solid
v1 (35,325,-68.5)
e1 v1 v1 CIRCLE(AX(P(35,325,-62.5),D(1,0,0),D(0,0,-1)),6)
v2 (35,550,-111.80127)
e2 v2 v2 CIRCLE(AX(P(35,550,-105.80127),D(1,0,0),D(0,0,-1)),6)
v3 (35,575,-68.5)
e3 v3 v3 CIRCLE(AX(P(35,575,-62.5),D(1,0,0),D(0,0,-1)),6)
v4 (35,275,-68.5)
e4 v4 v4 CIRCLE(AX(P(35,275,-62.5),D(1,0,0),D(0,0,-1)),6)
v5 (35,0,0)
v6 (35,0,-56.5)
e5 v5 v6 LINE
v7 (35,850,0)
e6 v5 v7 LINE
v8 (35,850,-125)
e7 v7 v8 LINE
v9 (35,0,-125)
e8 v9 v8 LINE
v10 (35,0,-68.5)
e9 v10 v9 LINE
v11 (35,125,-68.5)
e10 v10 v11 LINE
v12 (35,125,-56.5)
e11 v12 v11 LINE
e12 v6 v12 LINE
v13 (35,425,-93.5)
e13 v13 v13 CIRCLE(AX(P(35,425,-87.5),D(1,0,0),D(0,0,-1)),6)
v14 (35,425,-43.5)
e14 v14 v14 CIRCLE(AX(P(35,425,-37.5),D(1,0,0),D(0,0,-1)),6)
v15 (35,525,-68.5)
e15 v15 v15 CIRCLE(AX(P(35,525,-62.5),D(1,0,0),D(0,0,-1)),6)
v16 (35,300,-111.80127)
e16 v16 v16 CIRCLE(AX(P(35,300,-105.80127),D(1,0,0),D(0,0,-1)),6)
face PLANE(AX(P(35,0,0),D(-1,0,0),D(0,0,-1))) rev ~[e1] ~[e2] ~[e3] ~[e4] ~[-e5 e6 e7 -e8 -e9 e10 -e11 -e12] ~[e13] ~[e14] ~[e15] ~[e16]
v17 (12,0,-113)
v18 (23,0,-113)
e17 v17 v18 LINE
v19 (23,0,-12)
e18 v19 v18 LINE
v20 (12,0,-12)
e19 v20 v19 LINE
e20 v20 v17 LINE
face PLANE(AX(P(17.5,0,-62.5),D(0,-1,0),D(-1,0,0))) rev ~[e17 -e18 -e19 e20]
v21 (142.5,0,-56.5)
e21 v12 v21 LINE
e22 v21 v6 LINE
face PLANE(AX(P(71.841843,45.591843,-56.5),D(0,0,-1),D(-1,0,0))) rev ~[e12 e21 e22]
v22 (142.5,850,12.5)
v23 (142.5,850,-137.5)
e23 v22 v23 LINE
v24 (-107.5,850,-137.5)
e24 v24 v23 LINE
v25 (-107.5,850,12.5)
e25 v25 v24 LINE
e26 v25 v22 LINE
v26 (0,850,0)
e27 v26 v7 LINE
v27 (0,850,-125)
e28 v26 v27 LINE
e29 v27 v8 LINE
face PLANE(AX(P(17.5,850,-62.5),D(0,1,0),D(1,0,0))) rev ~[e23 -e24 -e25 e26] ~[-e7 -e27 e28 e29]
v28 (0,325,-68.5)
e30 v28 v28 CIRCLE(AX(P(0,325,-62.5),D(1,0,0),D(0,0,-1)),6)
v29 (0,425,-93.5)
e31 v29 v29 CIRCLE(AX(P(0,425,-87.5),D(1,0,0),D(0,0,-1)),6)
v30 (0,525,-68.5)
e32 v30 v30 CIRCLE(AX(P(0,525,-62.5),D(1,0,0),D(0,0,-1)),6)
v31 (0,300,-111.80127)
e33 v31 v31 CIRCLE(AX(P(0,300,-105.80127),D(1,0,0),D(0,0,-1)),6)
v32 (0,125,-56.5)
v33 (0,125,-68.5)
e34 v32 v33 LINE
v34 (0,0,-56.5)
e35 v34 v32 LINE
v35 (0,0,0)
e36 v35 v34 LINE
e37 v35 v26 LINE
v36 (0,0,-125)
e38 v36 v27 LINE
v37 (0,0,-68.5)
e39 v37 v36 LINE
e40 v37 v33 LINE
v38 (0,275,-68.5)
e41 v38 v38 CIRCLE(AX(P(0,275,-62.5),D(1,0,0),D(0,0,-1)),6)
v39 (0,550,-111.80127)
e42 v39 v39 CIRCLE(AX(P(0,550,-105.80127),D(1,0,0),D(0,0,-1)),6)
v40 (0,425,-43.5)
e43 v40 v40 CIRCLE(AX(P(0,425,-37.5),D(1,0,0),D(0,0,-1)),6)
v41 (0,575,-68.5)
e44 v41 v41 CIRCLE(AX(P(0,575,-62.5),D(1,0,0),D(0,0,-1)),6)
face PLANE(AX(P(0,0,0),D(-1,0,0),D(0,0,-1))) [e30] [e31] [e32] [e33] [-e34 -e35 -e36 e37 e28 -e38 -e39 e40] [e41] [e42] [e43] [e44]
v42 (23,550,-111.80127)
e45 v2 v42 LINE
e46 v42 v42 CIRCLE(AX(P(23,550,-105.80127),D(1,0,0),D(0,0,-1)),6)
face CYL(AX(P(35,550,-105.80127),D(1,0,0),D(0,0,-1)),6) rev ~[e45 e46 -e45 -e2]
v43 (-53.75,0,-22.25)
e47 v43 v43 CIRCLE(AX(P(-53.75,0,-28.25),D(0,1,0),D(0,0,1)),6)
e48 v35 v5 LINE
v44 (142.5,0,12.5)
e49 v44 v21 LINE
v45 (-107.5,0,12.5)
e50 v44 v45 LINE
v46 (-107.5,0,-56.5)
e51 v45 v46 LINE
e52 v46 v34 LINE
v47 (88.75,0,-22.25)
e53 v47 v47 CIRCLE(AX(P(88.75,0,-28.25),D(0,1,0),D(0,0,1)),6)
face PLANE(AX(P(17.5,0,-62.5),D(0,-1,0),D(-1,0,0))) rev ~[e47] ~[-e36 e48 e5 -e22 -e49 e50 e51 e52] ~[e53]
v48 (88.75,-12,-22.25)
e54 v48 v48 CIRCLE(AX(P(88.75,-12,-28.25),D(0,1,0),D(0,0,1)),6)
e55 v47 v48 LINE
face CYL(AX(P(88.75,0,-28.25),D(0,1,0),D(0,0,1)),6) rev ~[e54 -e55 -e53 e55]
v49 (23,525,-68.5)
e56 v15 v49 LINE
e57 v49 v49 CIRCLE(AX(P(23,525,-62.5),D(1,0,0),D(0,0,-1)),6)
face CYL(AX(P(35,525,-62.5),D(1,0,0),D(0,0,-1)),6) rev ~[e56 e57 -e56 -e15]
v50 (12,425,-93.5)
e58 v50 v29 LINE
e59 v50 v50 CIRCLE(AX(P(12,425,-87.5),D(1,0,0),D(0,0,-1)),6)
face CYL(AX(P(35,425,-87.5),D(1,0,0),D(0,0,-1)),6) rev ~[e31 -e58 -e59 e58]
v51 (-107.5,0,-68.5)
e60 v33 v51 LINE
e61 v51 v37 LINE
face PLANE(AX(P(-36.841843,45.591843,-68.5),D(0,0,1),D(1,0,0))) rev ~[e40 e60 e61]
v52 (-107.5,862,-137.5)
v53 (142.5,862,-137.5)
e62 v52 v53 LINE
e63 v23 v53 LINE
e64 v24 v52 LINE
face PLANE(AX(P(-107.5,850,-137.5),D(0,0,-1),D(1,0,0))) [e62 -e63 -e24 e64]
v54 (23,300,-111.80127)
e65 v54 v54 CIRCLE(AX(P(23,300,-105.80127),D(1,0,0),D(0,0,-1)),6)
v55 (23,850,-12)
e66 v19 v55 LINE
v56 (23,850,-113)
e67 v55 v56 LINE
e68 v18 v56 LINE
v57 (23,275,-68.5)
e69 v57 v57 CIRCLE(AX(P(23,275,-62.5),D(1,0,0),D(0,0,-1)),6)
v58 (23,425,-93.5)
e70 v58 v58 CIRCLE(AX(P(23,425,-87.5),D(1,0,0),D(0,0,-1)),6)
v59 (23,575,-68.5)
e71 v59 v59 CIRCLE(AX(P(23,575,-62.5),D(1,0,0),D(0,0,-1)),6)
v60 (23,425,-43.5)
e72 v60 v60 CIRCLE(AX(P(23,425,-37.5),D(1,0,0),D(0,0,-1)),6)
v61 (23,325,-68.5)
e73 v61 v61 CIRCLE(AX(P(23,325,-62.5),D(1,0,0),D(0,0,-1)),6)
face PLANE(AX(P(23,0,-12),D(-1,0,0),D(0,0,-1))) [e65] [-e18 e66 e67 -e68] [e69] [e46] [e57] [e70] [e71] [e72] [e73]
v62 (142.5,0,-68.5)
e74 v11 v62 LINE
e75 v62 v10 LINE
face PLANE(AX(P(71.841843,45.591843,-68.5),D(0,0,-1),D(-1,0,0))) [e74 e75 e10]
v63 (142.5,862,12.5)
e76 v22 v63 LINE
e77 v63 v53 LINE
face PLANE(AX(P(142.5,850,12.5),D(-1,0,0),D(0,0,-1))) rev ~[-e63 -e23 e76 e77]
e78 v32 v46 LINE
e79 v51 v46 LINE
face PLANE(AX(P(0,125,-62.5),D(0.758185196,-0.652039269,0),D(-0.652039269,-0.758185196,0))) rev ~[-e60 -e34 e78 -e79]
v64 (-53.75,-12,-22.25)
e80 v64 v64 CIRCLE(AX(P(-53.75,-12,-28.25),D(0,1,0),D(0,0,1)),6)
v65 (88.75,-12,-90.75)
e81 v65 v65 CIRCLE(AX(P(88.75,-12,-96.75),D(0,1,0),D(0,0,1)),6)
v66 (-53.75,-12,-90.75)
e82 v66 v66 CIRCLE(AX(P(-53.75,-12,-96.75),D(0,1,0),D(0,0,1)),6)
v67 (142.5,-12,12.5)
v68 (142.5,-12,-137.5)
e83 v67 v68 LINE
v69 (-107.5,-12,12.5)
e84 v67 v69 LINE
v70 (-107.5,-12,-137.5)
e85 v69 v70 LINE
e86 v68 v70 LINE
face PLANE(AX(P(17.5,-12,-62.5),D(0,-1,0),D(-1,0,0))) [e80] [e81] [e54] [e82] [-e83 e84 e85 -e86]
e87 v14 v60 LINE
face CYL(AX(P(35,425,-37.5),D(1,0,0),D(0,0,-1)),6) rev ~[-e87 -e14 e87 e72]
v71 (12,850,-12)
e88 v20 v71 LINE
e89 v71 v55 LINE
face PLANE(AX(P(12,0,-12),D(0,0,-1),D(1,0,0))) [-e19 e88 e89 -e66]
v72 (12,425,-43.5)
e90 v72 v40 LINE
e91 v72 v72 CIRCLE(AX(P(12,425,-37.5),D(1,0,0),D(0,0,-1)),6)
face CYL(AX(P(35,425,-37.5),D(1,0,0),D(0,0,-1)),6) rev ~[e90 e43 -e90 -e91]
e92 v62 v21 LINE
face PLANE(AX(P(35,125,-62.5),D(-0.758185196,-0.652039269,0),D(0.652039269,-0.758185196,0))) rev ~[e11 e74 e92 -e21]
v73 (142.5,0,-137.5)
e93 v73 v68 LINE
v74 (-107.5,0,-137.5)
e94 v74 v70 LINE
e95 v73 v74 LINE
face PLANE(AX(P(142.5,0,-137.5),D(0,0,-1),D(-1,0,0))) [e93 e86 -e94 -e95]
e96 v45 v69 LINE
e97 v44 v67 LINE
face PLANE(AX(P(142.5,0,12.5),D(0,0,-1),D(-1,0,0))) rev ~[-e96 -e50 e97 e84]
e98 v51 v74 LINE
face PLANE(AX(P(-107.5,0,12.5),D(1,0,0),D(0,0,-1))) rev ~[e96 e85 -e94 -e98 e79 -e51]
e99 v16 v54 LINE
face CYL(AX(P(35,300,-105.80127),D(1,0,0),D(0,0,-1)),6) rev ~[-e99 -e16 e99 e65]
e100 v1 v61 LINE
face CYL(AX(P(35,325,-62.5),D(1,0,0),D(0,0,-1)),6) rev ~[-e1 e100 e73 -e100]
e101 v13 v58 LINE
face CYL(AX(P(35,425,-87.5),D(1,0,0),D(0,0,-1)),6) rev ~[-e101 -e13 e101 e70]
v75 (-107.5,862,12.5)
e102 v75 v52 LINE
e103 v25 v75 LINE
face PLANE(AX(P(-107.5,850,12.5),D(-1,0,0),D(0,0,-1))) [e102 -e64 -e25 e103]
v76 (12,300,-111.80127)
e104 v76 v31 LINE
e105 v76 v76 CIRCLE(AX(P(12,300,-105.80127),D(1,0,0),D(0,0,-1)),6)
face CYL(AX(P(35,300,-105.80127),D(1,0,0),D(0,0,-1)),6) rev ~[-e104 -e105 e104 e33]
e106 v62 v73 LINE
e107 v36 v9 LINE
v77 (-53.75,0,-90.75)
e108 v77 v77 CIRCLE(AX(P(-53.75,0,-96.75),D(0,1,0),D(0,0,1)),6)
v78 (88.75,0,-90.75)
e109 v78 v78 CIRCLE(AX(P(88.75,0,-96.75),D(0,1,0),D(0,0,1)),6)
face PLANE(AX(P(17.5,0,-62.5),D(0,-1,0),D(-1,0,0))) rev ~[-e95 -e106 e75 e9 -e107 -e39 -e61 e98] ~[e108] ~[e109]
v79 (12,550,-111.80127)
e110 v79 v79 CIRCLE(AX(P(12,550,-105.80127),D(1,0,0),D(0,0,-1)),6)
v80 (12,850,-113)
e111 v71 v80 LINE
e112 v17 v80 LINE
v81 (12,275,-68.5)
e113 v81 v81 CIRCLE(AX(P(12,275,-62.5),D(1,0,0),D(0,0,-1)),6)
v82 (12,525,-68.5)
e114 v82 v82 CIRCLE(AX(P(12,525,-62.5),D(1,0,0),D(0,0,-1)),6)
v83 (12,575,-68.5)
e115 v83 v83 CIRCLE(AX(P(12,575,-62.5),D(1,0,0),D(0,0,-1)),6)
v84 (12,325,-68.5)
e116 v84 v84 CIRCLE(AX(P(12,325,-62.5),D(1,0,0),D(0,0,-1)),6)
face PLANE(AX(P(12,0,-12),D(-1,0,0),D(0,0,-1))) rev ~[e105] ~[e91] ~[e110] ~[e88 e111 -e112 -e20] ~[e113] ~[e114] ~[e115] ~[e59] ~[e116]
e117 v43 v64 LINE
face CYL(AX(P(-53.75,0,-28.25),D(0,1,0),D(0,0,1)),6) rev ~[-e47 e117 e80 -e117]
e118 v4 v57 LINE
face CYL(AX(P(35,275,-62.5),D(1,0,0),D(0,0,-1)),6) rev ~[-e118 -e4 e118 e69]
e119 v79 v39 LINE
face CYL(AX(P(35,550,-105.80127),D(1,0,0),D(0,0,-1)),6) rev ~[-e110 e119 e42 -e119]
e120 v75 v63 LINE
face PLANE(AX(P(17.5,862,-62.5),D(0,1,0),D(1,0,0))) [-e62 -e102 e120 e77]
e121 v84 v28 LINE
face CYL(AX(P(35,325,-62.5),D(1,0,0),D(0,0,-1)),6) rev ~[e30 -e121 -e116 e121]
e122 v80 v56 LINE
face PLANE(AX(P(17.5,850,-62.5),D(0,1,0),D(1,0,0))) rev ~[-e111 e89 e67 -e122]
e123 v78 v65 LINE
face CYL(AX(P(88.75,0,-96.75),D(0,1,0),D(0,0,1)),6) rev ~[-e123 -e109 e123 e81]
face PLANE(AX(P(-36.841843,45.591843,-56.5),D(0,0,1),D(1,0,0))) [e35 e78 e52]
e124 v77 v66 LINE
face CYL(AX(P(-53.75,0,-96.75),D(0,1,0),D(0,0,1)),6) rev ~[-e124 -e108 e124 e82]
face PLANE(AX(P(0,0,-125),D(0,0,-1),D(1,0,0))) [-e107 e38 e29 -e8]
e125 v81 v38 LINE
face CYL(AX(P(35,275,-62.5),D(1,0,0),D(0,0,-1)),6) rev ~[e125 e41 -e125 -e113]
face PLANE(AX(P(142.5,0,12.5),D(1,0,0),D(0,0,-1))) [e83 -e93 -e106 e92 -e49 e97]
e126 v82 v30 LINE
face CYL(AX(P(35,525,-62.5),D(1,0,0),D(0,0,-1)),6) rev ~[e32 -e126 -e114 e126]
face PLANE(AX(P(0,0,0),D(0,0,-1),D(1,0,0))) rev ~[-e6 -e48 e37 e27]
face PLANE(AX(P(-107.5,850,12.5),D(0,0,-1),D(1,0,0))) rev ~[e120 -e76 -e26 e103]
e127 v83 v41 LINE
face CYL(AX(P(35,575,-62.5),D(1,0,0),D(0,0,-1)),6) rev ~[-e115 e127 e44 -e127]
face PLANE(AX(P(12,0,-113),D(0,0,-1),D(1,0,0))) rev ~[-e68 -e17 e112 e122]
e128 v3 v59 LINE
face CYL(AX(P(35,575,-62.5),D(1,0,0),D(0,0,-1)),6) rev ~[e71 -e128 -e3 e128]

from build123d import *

# Parameters (mm, degrees)
SKETCH2_W           = 35
SKETCH2_H           = 125
SKETCH2_W_2         = 11
SKETCH2_H_2         = 101
BOSS_EXTRUDE1_DEPTH = 850
SKETCH3_R           = 6
CUT_EXTRUDE1_DEPTH  = 860.854638878
SKETCH4_W           = 250
SKETCH4_H           = 150
BOSS_EXTRUDE2_DEPTH = 12
SKETCH5_W           = 250
SKETCH5_H           = 150
BOSS_EXTRUDE3_DEPTH = 12
BOSS_EXTRUDE4_START = -62.5
BOSS_EXTRUDE4_DEPTH = 6
SKETCH8_R           = 6
CUT_EXTRUDE2_DEPTH  = 12


with BuildPart() as part:
    # Sketch2 → Boss-Extrude1 (new body)
    with BuildSketch(Plane(origin=(0, 0, 0), x_dir=(1, 0, 0), z_dir=(0, 1, 0))):
        with Locations((17.5, 62.5)):
            Rectangle(SKETCH2_W, SKETCH2_H)
        with Locations((17.5, 62.5)):
            Rectangle(SKETCH2_W_2, SKETCH2_H_2, mode=Mode.SUBTRACT)
    extrude(amount=BOSS_EXTRUDE1_DEPTH)

    # Sketch3 → Cut-Extrude1 (cut, through all)
    with BuildSketch(Plane(origin=(35, 0, 0), x_dir=(0, 0, -1), z_dir=(1, 0, 0))):
        with Locations((62.5, 575)):
            Circle(SKETCH3_R)
        with Locations((62.5, 525)):
            Circle(SKETCH3_R)
        with Locations((105.801270189, 550)):
            Circle(SKETCH3_R)
        with Locations((37.5, 425)):
            Circle(SKETCH3_R)
        with Locations((87.5, 425)):
            Circle(SKETCH3_R)
        with Locations((105.801270189, 300)):
            Circle(SKETCH3_R)
        with Locations((62.5, 325)):
            Circle(SKETCH3_R)
        with Locations((62.5, 275)):
            Circle(SKETCH3_R)
    extrude(amount=-CUT_EXTRUDE1_DEPTH, mode=Mode.SUBTRACT)

    # Sketch4 → Boss-Extrude2 (add)
    with BuildSketch(Plane(origin=(0, 0, 0), x_dir=(-1, 0, 0), z_dir=(0, -1, 0))):
        with Locations((-17.5, 62.5)):
            Rectangle(SKETCH4_W, SKETCH4_H)
    extrude(amount=BOSS_EXTRUDE2_DEPTH)

    # Sketch5 → Boss-Extrude3 (add)
    with BuildSketch(Plane(origin=(0, 850, 0), x_dir=(1, 0, 0), z_dir=(0, 1, 0))):
        with Locations((17.5, 62.5)):
            Rectangle(SKETCH5_W, SKETCH5_H)
    extrude(amount=BOSS_EXTRUDE3_DEPTH)

    # Sketch7 → Boss-Extrude4 (add, symmetric)
    with BuildSketch(Plane(origin=(0, 0, -125), x_dir=(-1, 0, 0), z_dir=(0, 0, -1)).offset(BOSS_EXTRUDE4_START)):
        Polygon((-35, 0), (-35, 125), (-142.5, 0), align=None)
        Polygon((0, 125), (107.5, 0), (0, 0), align=None)
    extrude(amount=BOSS_EXTRUDE4_DEPTH, both=True)

    # Sketch8 → Cut-Extrude2 (cut)
    with BuildSketch(Plane(origin=(0, 0, 0), x_dir=(1, 0, 0), z_dir=(0, 1, 0))):
        with Locations(Location((-53.75, 28.25, 0), (0, 0, 270))):
            Circle(SKETCH8_R)
        with Locations(Location((-53.75, 96.75, 0), (0, 0, 270))):
            Circle(SKETCH8_R)
        with Locations(Location((88.75, 28.25, 0), (0, 0, 270))):
            Circle(SKETCH8_R)
        with Locations(Location((88.75, 96.75, 0), (0, 0, 270))):
            Circle(SKETCH8_R)
    extrude(amount=-CUT_EXTRUDE2_DEPTH, mode=Mode.SUBTRACT)


solid = part.part
